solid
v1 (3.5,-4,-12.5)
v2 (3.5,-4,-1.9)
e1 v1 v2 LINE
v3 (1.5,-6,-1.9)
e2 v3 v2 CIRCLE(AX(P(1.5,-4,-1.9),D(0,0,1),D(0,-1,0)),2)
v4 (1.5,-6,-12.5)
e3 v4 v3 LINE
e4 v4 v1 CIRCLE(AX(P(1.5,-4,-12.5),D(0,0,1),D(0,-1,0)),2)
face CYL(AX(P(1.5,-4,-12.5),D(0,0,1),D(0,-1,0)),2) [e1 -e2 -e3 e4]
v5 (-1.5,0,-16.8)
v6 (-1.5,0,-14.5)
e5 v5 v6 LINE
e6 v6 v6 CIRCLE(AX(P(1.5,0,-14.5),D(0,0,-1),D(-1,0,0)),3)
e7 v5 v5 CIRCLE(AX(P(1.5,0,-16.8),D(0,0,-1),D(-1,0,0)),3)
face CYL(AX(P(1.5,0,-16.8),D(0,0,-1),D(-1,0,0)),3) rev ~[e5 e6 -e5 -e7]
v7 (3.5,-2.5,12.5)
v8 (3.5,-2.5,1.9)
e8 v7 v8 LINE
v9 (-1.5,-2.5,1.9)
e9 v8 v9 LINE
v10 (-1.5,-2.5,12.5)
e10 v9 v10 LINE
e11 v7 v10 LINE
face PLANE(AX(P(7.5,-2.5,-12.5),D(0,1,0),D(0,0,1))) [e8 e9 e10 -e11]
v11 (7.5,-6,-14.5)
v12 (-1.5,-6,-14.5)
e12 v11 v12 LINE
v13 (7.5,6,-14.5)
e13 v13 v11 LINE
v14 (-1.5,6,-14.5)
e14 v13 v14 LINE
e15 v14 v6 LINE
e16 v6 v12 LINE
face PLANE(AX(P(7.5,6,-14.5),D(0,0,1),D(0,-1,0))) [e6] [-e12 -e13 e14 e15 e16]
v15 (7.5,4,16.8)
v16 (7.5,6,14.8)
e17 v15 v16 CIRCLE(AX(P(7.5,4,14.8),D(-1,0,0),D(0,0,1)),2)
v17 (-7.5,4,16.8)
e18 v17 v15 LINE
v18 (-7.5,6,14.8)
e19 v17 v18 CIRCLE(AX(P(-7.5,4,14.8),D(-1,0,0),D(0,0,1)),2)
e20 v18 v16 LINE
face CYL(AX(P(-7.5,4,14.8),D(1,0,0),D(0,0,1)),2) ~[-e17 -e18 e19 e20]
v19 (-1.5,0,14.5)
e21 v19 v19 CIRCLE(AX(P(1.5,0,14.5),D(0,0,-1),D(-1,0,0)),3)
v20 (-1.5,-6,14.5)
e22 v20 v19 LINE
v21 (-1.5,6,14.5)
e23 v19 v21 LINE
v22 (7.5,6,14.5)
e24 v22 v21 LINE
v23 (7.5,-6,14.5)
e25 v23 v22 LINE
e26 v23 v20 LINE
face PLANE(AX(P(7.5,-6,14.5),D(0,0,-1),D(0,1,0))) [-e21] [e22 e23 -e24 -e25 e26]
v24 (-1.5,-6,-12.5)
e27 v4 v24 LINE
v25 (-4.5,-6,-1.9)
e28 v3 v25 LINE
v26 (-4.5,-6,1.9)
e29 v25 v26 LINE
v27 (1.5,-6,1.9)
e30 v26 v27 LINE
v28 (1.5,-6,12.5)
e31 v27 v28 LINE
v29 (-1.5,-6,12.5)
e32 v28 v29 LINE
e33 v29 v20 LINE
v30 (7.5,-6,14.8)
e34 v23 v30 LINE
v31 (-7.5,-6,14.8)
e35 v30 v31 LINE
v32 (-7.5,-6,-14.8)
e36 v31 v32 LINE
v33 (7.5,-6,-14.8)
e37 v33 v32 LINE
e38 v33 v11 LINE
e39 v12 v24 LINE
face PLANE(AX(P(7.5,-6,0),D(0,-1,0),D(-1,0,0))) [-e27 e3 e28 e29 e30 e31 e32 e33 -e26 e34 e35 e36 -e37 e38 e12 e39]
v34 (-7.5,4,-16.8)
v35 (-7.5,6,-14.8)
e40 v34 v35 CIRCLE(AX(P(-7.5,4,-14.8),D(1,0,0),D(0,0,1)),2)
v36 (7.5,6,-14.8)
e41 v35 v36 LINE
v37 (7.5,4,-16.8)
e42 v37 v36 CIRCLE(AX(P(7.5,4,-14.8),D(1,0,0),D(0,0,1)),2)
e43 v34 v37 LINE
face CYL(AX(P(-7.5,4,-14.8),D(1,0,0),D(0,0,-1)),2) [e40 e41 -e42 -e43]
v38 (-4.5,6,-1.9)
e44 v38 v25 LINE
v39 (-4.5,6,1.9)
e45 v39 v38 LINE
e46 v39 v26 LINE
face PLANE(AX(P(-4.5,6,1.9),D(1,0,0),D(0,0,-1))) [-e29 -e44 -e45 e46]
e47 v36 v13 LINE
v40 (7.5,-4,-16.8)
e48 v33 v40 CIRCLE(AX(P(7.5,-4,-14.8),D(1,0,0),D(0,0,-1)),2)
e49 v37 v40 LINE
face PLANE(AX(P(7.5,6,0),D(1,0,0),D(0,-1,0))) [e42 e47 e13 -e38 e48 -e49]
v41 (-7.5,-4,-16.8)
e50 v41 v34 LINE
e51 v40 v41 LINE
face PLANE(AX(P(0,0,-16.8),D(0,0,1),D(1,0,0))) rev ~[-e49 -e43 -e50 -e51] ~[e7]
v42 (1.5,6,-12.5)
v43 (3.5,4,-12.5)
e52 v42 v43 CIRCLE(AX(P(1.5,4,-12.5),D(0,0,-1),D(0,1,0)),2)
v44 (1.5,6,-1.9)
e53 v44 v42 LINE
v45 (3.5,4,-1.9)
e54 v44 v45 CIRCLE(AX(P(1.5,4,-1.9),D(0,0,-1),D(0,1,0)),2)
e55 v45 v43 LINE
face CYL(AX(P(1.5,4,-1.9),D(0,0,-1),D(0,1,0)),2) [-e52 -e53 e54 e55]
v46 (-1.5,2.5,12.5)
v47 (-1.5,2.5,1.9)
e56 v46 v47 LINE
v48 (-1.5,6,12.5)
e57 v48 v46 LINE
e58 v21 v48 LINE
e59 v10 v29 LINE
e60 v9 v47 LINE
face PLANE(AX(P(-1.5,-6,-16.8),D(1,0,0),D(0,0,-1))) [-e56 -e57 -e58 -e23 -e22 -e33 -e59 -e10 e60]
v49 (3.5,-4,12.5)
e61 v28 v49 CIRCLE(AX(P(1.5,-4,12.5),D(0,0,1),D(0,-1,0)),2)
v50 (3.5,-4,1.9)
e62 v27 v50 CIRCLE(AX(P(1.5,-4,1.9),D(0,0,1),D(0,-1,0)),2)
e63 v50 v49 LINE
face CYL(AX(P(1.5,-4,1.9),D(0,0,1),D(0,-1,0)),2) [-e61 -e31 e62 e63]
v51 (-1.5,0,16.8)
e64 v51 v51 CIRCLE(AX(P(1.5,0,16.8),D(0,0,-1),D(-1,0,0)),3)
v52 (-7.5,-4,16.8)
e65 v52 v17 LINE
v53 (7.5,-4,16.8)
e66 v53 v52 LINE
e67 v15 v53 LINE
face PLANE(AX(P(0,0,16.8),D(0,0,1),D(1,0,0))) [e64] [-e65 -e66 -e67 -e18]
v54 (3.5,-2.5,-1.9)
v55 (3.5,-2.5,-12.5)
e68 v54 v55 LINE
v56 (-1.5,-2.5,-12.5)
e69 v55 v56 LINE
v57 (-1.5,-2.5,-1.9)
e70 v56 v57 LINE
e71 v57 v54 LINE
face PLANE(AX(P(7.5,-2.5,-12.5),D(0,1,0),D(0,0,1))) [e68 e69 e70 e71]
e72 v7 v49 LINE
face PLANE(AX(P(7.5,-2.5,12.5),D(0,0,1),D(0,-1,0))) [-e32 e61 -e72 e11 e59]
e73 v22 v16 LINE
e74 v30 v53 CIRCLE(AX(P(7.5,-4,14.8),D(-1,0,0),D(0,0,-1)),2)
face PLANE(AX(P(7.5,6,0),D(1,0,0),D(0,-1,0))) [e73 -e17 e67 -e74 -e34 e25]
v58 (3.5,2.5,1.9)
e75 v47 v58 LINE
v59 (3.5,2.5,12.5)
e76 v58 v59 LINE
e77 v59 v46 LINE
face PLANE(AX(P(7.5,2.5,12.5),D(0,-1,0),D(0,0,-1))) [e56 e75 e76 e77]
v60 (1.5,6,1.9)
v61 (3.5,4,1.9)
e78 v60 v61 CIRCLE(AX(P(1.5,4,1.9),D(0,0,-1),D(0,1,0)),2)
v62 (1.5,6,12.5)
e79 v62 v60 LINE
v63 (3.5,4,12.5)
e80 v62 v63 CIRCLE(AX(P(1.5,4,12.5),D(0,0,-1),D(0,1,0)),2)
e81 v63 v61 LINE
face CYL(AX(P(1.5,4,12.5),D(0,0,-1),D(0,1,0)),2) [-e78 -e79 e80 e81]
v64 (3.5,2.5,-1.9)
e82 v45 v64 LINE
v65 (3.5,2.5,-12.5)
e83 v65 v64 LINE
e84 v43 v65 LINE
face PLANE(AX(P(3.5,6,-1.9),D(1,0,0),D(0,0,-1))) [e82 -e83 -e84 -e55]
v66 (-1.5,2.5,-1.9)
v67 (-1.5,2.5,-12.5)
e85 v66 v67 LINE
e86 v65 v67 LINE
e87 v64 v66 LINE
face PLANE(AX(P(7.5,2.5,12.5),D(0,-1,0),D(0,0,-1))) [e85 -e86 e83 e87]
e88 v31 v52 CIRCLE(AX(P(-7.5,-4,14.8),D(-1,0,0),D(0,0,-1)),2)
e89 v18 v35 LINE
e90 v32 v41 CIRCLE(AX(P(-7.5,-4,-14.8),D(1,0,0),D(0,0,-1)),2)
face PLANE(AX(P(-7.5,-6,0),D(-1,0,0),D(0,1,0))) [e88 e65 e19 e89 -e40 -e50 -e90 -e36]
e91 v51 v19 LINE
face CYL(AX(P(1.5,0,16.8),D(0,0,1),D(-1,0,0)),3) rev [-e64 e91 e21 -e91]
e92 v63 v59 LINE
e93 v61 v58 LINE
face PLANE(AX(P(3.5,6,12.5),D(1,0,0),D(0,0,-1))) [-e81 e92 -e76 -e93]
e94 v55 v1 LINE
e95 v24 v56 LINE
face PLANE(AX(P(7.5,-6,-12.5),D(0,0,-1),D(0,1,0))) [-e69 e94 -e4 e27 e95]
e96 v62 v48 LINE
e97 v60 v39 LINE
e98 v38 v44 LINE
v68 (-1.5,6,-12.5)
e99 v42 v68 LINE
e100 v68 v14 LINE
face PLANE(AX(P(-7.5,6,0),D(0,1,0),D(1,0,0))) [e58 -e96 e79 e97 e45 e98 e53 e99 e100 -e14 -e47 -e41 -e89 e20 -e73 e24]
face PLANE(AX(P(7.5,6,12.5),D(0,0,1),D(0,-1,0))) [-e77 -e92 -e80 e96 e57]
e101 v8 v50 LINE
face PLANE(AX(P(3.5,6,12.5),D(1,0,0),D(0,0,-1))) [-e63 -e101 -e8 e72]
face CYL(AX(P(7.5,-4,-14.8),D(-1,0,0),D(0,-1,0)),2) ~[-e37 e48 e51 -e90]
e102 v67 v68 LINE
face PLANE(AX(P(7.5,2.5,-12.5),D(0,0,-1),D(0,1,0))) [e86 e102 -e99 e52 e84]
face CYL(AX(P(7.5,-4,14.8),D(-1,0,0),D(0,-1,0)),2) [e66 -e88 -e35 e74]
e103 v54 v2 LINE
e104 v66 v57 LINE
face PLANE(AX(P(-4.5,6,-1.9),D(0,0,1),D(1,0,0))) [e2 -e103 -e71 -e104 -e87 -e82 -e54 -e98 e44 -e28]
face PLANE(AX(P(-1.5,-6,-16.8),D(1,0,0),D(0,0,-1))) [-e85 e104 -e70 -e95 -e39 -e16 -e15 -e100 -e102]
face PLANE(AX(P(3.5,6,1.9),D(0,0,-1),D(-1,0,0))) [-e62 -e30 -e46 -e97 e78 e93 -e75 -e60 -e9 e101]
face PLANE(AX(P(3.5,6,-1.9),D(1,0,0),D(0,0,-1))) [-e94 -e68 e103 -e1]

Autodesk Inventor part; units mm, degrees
ref_plane "YZ Plane" through (0, 0, 0) normal (1, 0, 0) x (0, 1, 0)
ref_plane "XZ Plane" through (0, 0, 0) normal (0, 1, 0) x (-1, 0, 0)
ref_plane "XY Plane" through (0, 0, 0) normal (0, 0, 1) x (1, 0, 0)
sketch "スケッチ1" plane through (0, 0, 0) normal (0, 0, 1) x (1, 0, 0)
  line L0 (7.5, -6) -> (-7.5, -6)
  line L1 (-7.5, -6) -> (-7.5, 6)
  line L2 (-7.5, 6) -> (7.5, 6)
  line L3 (7.5, 6) -> (7.5, -6)
  line L4 (7.5, -6) -> (-7.5, 6) construction
  line L5 (-7.5, -6) -> (7.5, 6) construction
  point P0 (0, 0)
  point P1 (0, 0)
  point P2 (0, 0)
  dimension "d2" = 15
  dimension "d4" = 12
extrude "押し出し1" add sketch "スケッチ1" along normal mid plane 33.6
sketch "スケッチ3" plane through (7.5, -6, -16.8) normal (1, 0, 0) x (0, 0, -1)
  line L0 (-29.3, 8.5) -> (-4.3, 8.5)
  line L1 (-4.3, 8.5) -> (-4.3, 3.5)
  line L2 (-4.3, 3.5) -> (-29.3, 3.5)
  line L3 (-29.3, 3.5) -> (-29.3, 8.5)
  line L4 (-29.3, 8.5) -> (-4.3, 3.5) construction
  line L5 (-4.3, 8.5) -> (-29.3, 3.5) construction
  line L6 (-31.3, 12) -> (-29.3, 12)
  line L7 (-29.3, 12) -> (-29.3, 0)
  line L8 (-29.3, 0) -> (-31.3, 0)
  line L9 (-31.3, 0) -> (-31.3, 12)
  line L10 (0, 0) -> (-33.6, 0) projected
  line L11 (-2.3, 12) -> (-2.3, 0)
  line L12 (-4.3, 0) -> (-4.3, 12)
  line L13 (-2.3, 0) -> (-4.3, 0)
  line L14 (-4.3, 12) -> (-2.3, 12)
  point P0 (-16.8, 6)
  point P1 (-16.8, 6)
  point P2 (-16.8, 6)
  point P3 (-29.3, 6)
  point P4 (-30.3, 0)
  point P5 (-18.35, 0)
  point P6 (-4.3, 6)
  point P7 (-3.3, 12)
  point P8 (-4.3, 3.5)
  dimension "d11" = 25
  dimension "d14" = 12
  dimension "d15" = 2
  dimension "d18" = 360
  dimension "d26" = 5
extrude "押し出し3" cut sketch "スケッチ3" against normal blind 9 contours L0 L1 L2 L3 | L3 L7 L8 L9 L6 | L12 L14 L11 L10 L1
sketch "スケッチ4" plane through (0, 0, -16.8) normal (0, 0, -1) x (-1, 0, 0)
  circle A0 centre (-1.5, 0) radius 3
  line L0 (-7.5, 6) -> (-7.5, -6) projected
  point P0 (0, 0)
  dimension "d22" = 6
  dimension "d23" = 6
extrude "押し出し4" cut sketch "スケッチ4" against normal up to surface (2.3 mm away)
mirror "ミラー1" about plane through (0, 0, 0) normal (0, 0, 1) of "押し出し4"
sketch "スケッチ5" plane through (-7.5, 6, -16.8) normal (0, 1, 0) x (1, 0, 0)
  line L0 (15, -4.3) -> (15, -29.3) projected
  line L1 (6, -4.3) -> (15, -4.3) projected
  line L2 (15, -29.3) -> (11, -29.3)
  line L3 (11, -29.3) -> (11, -4.3)
  line L4 (11, -4.3) -> (15, -4.3)
  line L5 (15, -4.3) -> (15, -29.3)
  line L6 (11, -18.7) -> (3, -18.7)
  line L7 (3, -18.7) -> (3, -14.9)
  line L8 (3, -14.9) -> (11, -14.9)
  line L9 (11, -14.9) -> (11, -18.7)
  point P0 (11, -16.8)
  point P1 (11, -16.8)
  dimension "d30" = 4
  dimension "d36" = 8
  dimension "d37" = 3.8
extrude "押し出し5" cut sketch "スケッチ5" against normal through all
fillet "フィレット4" radius 2 8 edges at (0, 6, -16.8) (0, -6, -16.8) (0, 6, 16.8) (0, -6, 16.8) (3.5, 6, 7.2) (3.5, 6, -7.2) (3.5, -6, -7.2) (3.5, -6, 7.2)
properties part number "Cable_fixing" material "熱可塑性 樹脂"
